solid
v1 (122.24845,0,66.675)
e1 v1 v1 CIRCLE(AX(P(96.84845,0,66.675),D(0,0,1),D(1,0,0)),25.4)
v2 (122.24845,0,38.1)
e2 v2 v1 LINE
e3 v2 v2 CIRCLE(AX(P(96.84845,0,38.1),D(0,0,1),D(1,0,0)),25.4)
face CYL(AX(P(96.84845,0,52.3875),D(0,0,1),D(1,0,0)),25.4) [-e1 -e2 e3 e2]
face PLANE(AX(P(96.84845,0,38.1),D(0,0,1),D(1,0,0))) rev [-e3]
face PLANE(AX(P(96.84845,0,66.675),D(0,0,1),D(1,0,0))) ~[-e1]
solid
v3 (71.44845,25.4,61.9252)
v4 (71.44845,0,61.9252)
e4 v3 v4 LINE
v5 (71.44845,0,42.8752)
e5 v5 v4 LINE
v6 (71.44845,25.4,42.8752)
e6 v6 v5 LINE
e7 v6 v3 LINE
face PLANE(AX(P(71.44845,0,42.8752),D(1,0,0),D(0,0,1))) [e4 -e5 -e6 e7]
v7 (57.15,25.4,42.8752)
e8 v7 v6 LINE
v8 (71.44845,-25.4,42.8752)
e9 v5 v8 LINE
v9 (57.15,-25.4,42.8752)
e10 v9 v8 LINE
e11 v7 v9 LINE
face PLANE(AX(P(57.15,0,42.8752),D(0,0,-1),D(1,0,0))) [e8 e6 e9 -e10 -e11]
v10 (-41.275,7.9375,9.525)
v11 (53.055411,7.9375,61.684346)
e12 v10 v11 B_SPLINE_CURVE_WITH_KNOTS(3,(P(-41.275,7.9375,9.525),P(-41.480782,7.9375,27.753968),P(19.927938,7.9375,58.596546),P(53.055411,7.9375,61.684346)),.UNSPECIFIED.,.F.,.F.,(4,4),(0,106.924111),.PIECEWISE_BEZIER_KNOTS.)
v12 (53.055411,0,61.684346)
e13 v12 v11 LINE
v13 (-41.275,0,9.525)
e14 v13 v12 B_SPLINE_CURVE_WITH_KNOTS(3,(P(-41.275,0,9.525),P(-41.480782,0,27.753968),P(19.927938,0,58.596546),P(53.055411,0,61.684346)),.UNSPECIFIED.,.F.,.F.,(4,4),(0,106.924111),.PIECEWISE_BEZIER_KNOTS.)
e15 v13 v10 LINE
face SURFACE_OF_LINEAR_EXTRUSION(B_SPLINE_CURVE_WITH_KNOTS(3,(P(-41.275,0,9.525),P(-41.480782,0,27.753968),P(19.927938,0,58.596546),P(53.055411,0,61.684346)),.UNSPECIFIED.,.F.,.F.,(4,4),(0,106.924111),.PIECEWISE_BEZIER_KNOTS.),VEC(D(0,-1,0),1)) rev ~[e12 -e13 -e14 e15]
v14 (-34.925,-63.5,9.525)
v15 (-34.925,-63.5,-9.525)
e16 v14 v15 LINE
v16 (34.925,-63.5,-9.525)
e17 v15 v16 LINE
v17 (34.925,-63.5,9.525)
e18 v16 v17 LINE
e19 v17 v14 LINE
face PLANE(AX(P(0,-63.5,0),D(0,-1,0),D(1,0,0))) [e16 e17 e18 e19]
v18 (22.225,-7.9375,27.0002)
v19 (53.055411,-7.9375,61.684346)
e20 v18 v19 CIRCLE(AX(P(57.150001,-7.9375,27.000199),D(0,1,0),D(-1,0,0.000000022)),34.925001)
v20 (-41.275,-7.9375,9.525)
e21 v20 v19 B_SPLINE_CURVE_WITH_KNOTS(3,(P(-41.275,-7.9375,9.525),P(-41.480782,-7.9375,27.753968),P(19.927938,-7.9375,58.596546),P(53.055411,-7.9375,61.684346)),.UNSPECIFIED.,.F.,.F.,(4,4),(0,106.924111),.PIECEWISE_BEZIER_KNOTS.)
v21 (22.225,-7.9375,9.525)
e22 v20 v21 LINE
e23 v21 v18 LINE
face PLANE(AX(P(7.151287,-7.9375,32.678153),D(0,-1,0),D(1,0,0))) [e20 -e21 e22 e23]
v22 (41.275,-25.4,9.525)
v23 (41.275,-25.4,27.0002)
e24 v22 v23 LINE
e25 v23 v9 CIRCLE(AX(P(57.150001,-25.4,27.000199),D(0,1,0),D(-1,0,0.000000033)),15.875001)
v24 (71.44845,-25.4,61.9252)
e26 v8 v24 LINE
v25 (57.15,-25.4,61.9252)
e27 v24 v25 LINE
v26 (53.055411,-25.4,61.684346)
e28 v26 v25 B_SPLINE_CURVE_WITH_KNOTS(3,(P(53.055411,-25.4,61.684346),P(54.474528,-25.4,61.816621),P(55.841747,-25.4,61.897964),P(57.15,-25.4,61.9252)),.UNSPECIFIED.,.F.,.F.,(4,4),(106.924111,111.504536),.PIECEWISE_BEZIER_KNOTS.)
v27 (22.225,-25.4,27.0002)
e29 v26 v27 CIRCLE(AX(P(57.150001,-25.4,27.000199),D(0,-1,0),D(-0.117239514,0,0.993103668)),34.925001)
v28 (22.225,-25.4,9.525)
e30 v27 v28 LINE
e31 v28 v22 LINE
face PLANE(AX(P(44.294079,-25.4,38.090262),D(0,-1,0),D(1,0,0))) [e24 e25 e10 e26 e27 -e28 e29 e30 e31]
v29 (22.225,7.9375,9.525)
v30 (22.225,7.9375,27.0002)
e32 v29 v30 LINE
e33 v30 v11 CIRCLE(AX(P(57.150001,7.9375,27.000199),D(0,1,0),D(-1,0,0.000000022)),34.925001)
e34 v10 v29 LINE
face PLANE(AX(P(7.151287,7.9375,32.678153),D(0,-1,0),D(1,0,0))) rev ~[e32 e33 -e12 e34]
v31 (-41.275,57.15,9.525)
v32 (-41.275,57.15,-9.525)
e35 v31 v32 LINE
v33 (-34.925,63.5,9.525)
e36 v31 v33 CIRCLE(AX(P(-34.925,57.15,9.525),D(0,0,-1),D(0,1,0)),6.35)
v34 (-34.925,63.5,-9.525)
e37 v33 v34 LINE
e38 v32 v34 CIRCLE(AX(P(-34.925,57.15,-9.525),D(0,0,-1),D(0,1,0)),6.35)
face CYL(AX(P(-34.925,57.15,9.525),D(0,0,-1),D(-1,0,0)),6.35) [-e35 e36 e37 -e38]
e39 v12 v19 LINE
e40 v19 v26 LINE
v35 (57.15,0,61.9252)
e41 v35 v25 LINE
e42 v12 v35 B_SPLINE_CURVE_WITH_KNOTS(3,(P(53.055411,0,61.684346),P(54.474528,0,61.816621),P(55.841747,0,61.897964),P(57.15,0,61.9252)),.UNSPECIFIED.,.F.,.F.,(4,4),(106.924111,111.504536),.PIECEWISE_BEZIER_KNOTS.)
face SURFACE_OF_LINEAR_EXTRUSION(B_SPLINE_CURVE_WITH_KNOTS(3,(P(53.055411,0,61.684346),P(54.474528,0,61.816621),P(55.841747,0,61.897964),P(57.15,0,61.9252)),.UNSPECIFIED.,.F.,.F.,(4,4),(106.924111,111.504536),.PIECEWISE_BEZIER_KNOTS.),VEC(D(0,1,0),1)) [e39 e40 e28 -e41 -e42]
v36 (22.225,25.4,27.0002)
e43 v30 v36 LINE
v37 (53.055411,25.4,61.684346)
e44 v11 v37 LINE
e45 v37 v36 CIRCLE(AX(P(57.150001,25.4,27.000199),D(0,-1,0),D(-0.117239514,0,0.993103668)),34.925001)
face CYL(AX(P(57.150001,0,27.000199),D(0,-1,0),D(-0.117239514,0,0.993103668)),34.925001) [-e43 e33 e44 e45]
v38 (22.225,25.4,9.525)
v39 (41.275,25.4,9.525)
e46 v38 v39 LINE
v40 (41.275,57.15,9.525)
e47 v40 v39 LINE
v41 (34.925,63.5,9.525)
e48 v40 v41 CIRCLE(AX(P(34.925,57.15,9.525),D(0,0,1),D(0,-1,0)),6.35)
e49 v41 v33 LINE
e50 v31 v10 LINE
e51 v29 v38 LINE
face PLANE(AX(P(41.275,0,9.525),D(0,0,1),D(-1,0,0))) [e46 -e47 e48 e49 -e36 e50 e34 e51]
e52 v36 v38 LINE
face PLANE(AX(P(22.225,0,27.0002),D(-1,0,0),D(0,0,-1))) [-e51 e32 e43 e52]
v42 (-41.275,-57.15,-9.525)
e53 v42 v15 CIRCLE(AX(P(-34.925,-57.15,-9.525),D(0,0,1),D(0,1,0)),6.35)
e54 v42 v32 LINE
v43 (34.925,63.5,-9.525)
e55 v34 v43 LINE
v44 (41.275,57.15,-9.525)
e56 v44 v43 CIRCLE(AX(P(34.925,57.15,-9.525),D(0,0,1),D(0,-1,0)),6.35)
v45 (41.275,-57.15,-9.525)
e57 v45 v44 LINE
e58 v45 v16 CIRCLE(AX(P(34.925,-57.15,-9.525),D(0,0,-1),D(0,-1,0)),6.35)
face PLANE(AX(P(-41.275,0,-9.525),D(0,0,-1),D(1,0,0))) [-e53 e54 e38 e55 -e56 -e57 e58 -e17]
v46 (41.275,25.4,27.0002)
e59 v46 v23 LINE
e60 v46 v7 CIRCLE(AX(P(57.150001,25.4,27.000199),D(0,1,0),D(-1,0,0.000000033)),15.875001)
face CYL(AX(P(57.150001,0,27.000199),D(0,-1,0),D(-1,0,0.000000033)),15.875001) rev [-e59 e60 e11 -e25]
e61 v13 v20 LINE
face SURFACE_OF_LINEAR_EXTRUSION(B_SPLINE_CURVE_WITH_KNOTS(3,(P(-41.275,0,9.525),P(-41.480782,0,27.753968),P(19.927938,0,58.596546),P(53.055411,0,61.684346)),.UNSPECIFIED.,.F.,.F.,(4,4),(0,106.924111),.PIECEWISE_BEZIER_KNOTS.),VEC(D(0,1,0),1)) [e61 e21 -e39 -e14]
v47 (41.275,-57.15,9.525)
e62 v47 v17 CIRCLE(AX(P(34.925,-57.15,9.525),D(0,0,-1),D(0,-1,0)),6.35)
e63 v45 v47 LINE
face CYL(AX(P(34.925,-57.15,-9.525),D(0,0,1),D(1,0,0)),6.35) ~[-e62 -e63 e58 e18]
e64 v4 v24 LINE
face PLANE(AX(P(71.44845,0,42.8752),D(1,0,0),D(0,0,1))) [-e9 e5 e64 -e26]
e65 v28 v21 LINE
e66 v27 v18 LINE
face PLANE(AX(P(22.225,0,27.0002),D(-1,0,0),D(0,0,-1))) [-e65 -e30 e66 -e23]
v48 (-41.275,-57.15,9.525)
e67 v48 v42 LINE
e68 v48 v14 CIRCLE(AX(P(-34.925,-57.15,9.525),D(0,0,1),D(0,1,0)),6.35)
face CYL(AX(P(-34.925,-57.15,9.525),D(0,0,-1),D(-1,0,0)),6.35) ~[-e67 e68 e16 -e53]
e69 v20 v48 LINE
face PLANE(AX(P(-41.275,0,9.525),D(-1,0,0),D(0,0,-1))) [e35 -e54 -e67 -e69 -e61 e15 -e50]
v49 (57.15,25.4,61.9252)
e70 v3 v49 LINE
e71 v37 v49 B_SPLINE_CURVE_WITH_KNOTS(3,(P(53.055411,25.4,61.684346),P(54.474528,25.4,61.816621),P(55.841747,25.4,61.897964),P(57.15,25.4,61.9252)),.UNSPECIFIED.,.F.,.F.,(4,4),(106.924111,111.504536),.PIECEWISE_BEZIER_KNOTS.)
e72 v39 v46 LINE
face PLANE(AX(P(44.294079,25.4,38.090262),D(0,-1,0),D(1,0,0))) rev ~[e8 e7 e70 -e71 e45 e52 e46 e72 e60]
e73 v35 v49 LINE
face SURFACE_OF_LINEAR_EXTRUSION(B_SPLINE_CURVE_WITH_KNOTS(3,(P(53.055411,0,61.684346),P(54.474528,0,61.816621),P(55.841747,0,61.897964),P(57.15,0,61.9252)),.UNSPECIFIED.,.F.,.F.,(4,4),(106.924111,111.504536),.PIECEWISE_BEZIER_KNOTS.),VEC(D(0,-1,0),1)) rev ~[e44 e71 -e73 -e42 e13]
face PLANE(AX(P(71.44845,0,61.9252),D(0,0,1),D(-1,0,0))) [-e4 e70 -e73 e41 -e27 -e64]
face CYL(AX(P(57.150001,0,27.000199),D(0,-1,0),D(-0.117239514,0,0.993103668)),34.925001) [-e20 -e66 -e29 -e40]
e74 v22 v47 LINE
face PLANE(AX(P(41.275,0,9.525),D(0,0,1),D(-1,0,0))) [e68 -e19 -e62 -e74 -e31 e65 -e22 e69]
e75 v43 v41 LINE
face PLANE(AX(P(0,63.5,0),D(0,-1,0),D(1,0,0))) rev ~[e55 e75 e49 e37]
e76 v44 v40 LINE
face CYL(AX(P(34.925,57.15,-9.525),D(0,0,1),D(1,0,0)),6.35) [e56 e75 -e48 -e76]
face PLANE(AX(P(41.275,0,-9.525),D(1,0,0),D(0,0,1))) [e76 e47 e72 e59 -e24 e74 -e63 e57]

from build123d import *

# Parameters (mm, degrees)
F1_DEPTH = 63.5
F2_DEPTH = 25.4
F3_DEPTH = 7.9375
F0_W     = 25.4
F0_H     = 28.575
F5_R     = 6.35


with BuildPart() as f1:
    # F0 (on Front) → F1 (new body, symmetric)
    with BuildSketch(Plane.XZ):
        Polygon((41.275, -9.525), (41.275, 9.525), (22.225, 9.525), (-41.275, 9.525), (-41.275, -9.525), align=None)
    extrude(amount=F1_DEPTH, both=True)

    # F0 (on Front) → F2 (join, symmetric)
    with BuildSketch(Plane.XZ):
        with BuildLine():
            Line((22.225, 9.525), (41.275, 9.525))
            Line((41.275, 9.525), (41.275, 27.0002))
            ThreePointArc((41.275, 27.0002), (45.92468, 38.22552), (57.15, 42.8752))
            Line((57.15, 42.8752), (71.44845, 42.8752))
            Line((71.44845, 42.8752), (71.44845, 61.9252))
            Line((71.44845, 61.9252), (57.15, 61.9252))
            add(Edge.make_bspline(
                [(53.055411, 61.684346), (54.474528, 61.816621), (55.841747, 61.897964), (57.15, 61.9252)],
                knots=[106.924111, 106.924111, 106.924111, 106.924111, 111.504536, 111.504536, 111.504536, 111.504536], degree=3))
            ThreePointArc((53.055411, 61.684346), (31.046752, 50.203132), (22.225, 27.0002))
            Line((22.225, 27.0002), (22.225, 9.525))
        make_face()
    extrude(amount=F2_DEPTH, both=True)

    # F0 (on Front) → F3 (join, symmetric)
    with BuildSketch(Plane.XZ):
        with BuildLine():
            Line((-41.275, 9.525), (22.225, 9.525))
            Line((22.225, 9.525), (22.225, 27.0002))
            ThreePointArc((22.225, 27.0002), (31.046752, 50.203132), (53.055411, 61.684346))
            add(Edge.make_bspline(
                [(-41.275, 9.525), (-41.480782, 27.753968), (19.927938, 58.596546), (53.055411, 61.684346)],
                knots=[0, 0, 0, 0, 106.924111, 106.924111, 106.924111, 106.924111], degree=3))
        make_face()
    extrude(amount=F3_DEPTH, both=True)

    # F0 (on Front) → F4 (revolve)
    with BuildSketch(Plane.XZ):
        with Locations((109.54845, 52.3875)):
            Rectangle(F0_W, F0_H)
    revolve(axis=Axis((96.84845, 0, 52.3875), (0, 0, 1)))

    # F5
    f5_edges = [f1.edges().sort_by_distance(p)[0] for p in [
        (-41.275, -63.5, 0),
        (41.275, -63.5, 0),
        (41.275, 63.5, 0),
        (-41.275, 63.5, 0),
    ]]
    fillet(f5_edges, radius=F5_R)


solid = f1.part
